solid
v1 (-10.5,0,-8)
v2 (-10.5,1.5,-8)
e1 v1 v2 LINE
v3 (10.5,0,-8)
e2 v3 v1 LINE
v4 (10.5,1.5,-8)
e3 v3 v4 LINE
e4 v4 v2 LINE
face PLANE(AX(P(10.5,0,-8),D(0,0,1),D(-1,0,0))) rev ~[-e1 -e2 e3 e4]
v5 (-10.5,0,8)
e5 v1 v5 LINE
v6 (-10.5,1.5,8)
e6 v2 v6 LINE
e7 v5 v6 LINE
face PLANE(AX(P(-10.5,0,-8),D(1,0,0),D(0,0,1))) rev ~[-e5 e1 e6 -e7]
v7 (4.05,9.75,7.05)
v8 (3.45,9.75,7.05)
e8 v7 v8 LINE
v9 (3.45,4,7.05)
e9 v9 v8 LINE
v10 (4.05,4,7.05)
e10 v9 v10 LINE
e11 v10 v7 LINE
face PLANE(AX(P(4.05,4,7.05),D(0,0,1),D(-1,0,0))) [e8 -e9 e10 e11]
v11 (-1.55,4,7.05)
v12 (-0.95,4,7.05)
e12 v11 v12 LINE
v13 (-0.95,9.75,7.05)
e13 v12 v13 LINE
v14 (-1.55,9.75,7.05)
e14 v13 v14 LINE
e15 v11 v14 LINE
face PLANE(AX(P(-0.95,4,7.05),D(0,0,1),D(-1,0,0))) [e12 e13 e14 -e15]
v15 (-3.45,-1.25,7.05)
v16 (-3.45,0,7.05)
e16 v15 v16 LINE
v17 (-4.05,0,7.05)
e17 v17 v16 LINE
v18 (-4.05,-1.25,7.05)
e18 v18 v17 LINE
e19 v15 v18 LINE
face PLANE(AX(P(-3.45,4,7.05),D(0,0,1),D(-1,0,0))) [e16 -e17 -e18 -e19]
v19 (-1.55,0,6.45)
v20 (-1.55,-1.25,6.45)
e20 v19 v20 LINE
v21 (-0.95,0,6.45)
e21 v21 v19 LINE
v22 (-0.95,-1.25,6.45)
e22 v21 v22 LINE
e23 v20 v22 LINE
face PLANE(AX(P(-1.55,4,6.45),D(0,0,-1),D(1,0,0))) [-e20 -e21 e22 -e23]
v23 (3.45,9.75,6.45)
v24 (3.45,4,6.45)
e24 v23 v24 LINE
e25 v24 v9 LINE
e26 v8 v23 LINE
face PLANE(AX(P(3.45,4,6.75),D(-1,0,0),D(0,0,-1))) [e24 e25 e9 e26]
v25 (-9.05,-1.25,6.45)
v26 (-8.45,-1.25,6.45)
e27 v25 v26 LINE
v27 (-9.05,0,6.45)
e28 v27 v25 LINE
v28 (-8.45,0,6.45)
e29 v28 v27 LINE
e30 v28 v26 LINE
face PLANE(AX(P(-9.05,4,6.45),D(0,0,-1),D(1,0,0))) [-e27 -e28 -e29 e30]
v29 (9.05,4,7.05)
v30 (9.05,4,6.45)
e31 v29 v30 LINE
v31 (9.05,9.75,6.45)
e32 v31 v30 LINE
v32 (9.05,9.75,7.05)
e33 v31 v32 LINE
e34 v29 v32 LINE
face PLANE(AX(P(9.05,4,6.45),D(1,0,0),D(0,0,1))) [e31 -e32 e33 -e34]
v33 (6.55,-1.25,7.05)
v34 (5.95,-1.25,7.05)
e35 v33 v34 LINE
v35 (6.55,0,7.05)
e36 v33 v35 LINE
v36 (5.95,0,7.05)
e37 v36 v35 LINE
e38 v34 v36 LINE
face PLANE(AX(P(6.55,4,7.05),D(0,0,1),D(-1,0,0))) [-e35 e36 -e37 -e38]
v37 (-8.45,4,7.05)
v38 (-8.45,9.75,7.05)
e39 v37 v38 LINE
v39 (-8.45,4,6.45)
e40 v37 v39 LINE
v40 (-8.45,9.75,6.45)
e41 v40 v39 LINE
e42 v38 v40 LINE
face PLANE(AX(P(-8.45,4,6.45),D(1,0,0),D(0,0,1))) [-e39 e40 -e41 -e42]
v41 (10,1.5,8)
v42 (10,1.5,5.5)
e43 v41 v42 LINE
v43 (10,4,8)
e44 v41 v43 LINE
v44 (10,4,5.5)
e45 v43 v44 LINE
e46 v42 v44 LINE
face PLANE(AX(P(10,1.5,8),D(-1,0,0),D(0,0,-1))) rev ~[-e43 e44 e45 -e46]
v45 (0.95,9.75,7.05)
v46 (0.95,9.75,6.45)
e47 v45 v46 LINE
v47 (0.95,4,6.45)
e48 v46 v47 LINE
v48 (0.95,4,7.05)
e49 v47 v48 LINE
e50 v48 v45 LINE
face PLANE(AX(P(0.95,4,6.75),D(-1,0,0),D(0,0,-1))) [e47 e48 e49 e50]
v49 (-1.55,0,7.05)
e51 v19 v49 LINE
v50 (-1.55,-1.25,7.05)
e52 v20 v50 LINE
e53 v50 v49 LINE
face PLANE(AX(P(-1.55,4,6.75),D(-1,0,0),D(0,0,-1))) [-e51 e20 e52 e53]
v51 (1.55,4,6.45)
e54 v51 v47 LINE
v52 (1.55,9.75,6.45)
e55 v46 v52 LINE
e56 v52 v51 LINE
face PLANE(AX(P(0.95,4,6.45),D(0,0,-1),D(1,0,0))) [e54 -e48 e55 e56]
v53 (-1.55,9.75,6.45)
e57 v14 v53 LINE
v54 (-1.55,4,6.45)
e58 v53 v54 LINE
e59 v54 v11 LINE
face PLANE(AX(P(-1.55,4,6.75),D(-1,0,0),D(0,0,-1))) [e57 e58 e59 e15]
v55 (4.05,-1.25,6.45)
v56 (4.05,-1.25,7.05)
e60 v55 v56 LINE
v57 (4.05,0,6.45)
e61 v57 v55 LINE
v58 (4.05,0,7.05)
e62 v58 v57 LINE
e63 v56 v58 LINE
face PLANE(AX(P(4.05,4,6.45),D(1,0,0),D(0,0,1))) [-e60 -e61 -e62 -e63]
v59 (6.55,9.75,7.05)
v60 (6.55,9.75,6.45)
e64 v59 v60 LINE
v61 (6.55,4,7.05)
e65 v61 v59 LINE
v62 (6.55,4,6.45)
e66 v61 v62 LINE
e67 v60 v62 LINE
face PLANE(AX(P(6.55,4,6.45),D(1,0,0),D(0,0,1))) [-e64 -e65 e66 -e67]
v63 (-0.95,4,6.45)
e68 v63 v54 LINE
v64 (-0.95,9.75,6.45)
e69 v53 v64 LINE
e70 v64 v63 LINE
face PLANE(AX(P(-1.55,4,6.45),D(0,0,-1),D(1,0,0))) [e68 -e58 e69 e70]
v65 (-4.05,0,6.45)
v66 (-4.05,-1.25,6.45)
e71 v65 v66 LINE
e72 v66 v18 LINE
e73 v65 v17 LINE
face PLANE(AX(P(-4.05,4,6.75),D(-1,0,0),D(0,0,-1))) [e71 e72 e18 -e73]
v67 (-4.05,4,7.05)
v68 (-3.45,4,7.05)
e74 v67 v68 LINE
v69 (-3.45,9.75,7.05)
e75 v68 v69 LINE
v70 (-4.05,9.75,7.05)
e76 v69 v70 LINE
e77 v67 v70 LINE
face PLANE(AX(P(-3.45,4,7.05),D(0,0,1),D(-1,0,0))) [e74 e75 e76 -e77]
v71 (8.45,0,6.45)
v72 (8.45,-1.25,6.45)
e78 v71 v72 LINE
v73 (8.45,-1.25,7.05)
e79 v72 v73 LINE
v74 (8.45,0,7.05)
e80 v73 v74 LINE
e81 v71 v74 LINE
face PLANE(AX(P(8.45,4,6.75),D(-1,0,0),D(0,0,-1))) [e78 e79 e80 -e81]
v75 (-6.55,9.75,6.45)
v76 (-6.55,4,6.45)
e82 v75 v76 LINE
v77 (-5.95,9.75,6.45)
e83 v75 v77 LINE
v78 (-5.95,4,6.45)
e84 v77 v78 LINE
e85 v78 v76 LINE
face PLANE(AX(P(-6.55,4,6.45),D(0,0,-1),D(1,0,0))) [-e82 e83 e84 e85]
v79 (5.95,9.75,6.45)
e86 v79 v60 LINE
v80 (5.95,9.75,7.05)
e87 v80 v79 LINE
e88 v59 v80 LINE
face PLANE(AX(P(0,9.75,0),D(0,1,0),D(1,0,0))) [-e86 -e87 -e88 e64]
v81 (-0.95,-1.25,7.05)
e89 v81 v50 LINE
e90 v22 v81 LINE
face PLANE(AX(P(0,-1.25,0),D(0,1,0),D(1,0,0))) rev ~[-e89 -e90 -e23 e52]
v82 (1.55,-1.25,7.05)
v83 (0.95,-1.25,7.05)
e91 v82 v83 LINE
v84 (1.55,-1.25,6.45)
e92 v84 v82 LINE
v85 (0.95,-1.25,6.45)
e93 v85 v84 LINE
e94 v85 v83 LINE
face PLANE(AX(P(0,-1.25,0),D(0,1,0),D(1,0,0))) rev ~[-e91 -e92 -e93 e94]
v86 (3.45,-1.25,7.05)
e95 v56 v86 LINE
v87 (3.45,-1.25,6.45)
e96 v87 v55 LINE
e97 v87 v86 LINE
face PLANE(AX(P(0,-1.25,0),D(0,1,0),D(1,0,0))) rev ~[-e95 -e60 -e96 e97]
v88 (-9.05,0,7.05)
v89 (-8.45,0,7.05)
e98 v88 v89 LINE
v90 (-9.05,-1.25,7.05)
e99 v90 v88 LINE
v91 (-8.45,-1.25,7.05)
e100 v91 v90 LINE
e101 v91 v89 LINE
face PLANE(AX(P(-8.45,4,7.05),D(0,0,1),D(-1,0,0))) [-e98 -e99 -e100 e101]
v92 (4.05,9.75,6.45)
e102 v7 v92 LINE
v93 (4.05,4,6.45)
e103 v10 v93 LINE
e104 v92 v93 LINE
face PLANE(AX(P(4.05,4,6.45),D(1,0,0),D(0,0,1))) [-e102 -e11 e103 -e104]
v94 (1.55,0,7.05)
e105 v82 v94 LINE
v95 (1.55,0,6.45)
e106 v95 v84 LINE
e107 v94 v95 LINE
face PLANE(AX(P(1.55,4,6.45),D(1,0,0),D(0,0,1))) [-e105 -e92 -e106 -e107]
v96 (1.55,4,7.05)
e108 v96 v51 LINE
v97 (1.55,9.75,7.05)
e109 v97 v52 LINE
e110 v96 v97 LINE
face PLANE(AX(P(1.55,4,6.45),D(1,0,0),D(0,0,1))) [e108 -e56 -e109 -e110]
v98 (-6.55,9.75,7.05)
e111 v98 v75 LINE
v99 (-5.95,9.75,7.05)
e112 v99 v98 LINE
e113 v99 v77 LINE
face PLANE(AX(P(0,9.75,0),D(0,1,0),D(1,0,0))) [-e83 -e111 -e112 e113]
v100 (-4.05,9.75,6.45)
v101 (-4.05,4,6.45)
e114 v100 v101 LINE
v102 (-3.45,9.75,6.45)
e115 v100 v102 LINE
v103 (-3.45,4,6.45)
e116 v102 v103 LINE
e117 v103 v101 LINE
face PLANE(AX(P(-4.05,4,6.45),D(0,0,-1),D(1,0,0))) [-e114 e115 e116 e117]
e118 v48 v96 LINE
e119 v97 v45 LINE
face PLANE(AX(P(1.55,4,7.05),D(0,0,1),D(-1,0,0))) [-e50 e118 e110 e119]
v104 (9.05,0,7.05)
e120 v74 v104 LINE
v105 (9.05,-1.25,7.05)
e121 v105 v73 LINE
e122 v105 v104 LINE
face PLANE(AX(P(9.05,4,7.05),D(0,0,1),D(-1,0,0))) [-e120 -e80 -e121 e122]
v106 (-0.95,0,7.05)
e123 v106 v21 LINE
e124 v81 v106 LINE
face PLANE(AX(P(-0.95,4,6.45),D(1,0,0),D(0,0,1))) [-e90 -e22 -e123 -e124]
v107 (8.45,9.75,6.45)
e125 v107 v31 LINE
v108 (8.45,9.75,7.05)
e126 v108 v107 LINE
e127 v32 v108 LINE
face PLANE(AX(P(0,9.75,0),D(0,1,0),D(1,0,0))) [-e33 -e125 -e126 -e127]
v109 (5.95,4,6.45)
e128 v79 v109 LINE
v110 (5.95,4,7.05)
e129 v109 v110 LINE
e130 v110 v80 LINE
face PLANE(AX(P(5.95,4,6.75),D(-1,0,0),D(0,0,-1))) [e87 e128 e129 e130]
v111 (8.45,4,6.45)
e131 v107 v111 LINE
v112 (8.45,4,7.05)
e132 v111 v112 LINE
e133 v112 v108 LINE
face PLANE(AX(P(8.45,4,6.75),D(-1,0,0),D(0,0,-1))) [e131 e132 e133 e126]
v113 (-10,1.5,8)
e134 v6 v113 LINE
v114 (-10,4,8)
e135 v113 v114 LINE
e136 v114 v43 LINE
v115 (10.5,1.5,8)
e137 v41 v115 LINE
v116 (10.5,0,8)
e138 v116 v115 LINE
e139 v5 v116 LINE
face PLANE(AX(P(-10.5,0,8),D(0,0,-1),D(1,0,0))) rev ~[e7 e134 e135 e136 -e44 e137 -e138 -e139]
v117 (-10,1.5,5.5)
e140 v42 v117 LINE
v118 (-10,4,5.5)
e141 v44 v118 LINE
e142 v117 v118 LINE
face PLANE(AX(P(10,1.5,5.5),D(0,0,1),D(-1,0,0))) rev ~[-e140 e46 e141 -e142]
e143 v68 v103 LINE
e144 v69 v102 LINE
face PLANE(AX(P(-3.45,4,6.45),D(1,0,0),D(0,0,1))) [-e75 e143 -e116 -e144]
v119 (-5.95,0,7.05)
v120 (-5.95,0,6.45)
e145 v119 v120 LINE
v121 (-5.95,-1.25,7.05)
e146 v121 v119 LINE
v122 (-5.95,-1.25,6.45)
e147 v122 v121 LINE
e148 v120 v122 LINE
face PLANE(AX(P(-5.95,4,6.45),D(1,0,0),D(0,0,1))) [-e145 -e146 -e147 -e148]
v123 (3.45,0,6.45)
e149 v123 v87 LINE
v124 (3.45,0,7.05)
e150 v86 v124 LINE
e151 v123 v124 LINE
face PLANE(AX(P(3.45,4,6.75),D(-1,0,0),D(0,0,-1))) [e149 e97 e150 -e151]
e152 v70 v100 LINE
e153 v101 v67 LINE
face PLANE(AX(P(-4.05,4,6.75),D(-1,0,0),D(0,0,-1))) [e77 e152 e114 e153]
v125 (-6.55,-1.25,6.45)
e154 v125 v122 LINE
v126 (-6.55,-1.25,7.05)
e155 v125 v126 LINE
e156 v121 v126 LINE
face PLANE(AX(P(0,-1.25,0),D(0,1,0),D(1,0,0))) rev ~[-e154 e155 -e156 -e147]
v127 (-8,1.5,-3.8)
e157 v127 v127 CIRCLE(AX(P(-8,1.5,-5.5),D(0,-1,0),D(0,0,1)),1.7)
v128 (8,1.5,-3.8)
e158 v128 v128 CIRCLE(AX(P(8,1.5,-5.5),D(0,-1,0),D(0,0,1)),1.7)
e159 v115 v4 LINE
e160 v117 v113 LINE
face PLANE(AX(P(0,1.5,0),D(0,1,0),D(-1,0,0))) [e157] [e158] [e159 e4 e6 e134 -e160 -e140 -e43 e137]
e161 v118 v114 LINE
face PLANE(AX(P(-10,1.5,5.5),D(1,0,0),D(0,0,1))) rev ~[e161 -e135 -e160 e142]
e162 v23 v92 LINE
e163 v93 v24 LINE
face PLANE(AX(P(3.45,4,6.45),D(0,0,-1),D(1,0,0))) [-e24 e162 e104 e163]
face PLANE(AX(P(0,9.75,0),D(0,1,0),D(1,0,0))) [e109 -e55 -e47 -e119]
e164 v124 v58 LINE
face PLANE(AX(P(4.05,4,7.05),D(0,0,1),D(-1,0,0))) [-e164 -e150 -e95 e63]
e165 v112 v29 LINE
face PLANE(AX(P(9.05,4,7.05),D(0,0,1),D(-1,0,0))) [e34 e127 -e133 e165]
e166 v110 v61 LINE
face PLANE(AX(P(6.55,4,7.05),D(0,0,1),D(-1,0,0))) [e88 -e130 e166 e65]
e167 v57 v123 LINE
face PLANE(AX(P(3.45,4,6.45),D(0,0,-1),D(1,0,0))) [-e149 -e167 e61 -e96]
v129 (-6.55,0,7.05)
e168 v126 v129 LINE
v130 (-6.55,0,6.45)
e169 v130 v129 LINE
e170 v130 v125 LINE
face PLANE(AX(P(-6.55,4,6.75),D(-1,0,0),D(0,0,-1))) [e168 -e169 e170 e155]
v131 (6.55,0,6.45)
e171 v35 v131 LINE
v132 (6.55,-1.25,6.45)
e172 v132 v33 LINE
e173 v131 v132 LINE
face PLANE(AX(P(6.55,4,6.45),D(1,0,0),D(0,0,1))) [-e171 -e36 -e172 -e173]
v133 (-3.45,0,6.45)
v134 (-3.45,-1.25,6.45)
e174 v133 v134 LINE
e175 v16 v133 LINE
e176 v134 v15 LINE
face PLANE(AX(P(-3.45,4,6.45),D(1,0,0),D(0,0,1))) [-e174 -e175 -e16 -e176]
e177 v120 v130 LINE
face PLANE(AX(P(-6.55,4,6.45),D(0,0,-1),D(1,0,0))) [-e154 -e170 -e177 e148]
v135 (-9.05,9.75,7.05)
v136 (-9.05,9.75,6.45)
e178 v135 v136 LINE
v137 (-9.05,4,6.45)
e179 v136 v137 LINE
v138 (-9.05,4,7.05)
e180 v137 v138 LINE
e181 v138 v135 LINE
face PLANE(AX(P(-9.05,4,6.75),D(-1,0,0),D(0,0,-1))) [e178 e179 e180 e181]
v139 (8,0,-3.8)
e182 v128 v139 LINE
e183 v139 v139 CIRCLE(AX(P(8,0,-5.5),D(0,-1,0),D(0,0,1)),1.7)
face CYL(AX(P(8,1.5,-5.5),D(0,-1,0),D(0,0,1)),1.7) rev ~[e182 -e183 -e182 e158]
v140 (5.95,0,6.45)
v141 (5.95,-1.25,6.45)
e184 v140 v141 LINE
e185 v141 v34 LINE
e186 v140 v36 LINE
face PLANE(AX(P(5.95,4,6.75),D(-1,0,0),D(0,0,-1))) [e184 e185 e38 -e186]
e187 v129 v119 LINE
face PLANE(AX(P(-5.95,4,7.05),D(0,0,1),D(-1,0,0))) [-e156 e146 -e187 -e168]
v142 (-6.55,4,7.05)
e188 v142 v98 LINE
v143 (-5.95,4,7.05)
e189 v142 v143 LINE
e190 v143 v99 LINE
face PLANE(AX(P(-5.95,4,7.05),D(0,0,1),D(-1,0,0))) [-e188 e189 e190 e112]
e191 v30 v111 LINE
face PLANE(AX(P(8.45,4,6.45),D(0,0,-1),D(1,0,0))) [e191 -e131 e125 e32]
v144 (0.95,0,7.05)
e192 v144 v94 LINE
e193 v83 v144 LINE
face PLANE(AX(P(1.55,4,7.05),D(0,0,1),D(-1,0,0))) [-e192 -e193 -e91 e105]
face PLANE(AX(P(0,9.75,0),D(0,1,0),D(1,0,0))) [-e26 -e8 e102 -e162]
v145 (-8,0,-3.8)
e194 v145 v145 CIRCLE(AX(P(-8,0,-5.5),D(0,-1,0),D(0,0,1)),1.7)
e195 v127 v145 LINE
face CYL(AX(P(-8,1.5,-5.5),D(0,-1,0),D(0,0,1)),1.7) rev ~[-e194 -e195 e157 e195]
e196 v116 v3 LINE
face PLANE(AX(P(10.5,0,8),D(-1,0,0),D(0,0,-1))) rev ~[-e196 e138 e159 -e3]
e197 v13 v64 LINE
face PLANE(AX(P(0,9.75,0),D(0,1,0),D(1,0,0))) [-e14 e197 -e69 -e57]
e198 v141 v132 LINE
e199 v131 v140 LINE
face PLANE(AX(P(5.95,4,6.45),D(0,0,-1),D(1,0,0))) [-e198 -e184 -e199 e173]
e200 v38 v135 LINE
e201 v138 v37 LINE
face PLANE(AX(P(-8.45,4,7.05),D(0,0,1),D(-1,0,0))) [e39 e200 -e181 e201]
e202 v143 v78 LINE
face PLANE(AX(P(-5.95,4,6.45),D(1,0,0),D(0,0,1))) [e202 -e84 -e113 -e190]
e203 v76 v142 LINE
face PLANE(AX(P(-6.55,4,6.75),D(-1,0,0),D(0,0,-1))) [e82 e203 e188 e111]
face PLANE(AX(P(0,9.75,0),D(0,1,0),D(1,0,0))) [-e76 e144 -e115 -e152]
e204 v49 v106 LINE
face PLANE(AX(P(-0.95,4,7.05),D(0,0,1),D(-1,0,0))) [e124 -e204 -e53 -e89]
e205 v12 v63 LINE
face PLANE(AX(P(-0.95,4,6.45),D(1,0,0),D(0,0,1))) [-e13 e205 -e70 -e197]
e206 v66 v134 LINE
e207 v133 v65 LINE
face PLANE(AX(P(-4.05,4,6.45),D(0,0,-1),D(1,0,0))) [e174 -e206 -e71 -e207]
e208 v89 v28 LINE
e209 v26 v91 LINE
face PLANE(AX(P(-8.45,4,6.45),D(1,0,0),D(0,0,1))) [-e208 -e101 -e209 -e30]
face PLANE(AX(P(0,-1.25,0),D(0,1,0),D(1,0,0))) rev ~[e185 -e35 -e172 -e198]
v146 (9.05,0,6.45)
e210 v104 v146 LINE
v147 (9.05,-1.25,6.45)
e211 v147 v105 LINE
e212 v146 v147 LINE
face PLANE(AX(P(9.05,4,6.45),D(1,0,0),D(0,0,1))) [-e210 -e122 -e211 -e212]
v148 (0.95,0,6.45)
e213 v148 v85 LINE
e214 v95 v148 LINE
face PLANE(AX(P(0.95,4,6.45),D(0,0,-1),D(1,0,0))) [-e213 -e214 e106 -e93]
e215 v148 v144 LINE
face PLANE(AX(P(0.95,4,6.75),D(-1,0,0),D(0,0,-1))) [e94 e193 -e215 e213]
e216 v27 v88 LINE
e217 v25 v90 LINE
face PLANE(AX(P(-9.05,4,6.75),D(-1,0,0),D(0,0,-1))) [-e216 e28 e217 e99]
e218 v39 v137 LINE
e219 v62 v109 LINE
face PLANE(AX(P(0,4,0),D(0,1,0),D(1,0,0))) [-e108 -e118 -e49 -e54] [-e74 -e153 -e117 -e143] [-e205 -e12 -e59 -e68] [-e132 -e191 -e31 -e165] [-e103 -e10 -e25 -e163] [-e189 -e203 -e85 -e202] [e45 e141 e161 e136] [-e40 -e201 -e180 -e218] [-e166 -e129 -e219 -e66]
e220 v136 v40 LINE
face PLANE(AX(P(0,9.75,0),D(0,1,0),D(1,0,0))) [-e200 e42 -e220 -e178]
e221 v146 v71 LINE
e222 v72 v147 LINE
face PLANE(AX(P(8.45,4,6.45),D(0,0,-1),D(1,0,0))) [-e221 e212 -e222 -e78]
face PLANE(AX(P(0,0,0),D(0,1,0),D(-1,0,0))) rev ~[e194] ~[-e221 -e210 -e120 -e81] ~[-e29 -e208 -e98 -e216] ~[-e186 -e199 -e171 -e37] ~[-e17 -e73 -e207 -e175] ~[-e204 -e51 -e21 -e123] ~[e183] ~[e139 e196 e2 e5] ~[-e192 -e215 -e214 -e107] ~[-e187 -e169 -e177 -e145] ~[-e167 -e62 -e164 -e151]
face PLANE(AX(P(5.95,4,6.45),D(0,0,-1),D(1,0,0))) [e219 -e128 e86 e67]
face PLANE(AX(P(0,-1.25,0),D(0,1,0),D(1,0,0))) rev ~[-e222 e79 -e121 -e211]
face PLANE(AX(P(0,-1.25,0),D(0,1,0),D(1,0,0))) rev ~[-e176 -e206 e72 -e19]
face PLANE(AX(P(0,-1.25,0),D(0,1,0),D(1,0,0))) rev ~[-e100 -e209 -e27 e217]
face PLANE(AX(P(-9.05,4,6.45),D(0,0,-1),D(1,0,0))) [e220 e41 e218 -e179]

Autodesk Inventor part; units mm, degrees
ref_plane "YZ Plane" through (0, 0, 0) normal (1, 0, 0) x (0, 1, 0)
ref_plane "XZ Plane" through (0, 0, 0) normal (0, 1, 0) x (-1, 0, 0)
ref_plane "XY Plane" through (0, 0, 0) normal (0, 0, 1) x (1, 0, 0)
sketch "Schizzo1" plane through (0, 0, 0) normal (0, 1, 0) x (-1, 0, 0)
  line L0 (10.5, 8) -> (-10.5, 8)
  line L1 (-10.5, 8) -> (-10.5, -8)
  line L2 (-10.5, -8) -> (10.5, -8)
  line L3 (10.5, -8) -> (10.5, 8)
  line L4 (10.5, 8) -> (-10.5, -8) construction
  line L5 (-10.5, 8) -> (10.5, -8) construction
  point P0 (0, 0)
  point P1 (0, 0)
  point P2 (0, 0)
  dimension "d0" = 16
  dimension "d1" = 21
extrude "Estrusione1" add sketch "Schizzo1" along normal blind 1.5
sketch "Schizzo2" plane through (0, 1.5, 0) normal (0, 1, 0) x (1, 0, 0)
  line L0 (10.5, 8) -> (-10.5, 8) projected
  line L1 (-10.5, 8) -> (-8, 8)
  line L2 (-8, 8) -> (-8, 5.5)
  line L3 (10.5, 8) -> (8, 8)
  line L4 (8, 8) -> (8, 5.5)
  point P0 (0, 0)
  dimension "d16" = 2.5
  dimension "d17" = 2.5
  dimension "d18" = 2.5
  dimension "d19" = 2.5
hole "Foro1" at (-8, 1.5, -5.5) at (8, 1.5, -5.5) direction (0, -1, 0) diameter 3.4 depth 1.5 tip angle 118 clearance for "Vite a testa esagonale" size "M3" standard "ANSI - Profilo M Metrico"
sketch "Schizzo4" plane through (0, 1.5, 0) normal (0, 1, 0) x (1, 0, 0)
  line L0 (10, -5.5) -> (-10, -5.5)
  line L1 (-10, -5.5) -> (-10, -8)
  line L2 (-10, -8) -> (10, -8)
  line L3 (10, -8) -> (10, -5.5)
  line L4 (10, -5.5) -> (-10, -8) construction
  line L5 (-10, -5.5) -> (10, -8) construction
  line L6 (-10.5, -8) -> (10.5, -8) projected
  point P0 (0, 0)
  point P1 (0, -6.75)
  point P2 (0, -8)
  dimension "d45" = 20
  dimension "d46" = 2.5
extrude "Estrusione2" add sketch "Schizzo4" along normal blind 2.5
sketch "Schizzo6" plane through (0, 4, 0) normal (0, 1, 0) x (1, 0, 0)
  line L0 (-8.75, -6.75) -> (-6.25, -6.75)
  line L1 (-9.05, -7.05) -> (-9.05, -6.45)
  line L2 (-9.05, -6.45) -> (-8.45, -6.45)
  line L3 (-8.45, -6.45) -> (-8.45, -7.05)
  line L4 (-8.45, -7.05) -> (-9.05, -7.05)
  line L5 (-6.25, -6.75) -> (-3.75, -6.75)
  line L6 (-6.55, -7.05) -> (-6.55, -6.45)
  line L7 (-6.55, -6.45) -> (-5.95, -6.45)
  line L8 (-5.95, -6.45) -> (-5.95, -7.05)
  line L9 (-5.95, -7.05) -> (-6.55, -7.05)
  line L10 (-3.75, -6.75) -> (-1.25, -6.75)
  line L11 (-4.05, -7.05) -> (-4.05, -6.45)
  line L12 (-4.05, -6.45) -> (-3.45, -6.45)
  line L13 (-3.45, -6.45) -> (-3.45, -7.05)
  line L14 (-3.45, -7.05) -> (-4.05, -7.05)
  line L15 (-1.25, -6.75) -> (1.25, -6.75)
  line L16 (-1.55, -7.05) -> (-1.55, -6.45)
  line L17 (-1.55, -6.45) -> (-0.95, -6.45)
  line L18 (-0.95, -6.45) -> (-0.95, -7.05)
  line L19 (-0.95, -7.05) -> (-1.55, -7.05)
  line L20 (1.25, -6.75) -> (3.75, -6.75)
  line L21 (0.95, -7.05) -> (0.95, -6.45)
  line L22 (0.95, -6.45) -> (1.55, -6.45)
  line L23 (1.55, -6.45) -> (1.55, -7.05)
  line L24 (1.55, -7.05) -> (0.95, -7.05)
  line L25 (3.75, -6.75) -> (6.25, -6.75)
  line L26 (3.45, -7.05) -> (3.45, -6.45)
  line L27 (3.45, -6.45) -> (4.05, -6.45)
  line L28 (4.05, -6.45) -> (4.05, -7.05)
  line L29 (4.05, -7.05) -> (3.45, -7.05)
  line L30 (6.25, -6.75) -> (8.75, -6.75)
  line L31 (5.95, -7.05) -> (5.95, -6.45)
  line L32 (5.95, -6.45) -> (6.55, -6.45)
  line L33 (6.55, -6.45) -> (6.55, -7.05)
  line L34 (6.55, -7.05) -> (5.95, -7.05)
  line L35 (8.45, -7.05) -> (8.45, -6.45)
  line L36 (8.45, -6.45) -> (9.05, -6.45)
  line L37 (9.05, -6.45) -> (9.05, -7.05)
  line L38 (9.05, -7.05) -> (8.45, -7.05)
  line L39 (-8.75, -6.75) -> (-10, -6.75)
  line L40 (-10, -8) -> (10, -8) projected
  line L41 (-10, -8) -> (-10, -6.75)
  line L42 (-10, -8) -> (-8.75, -8) construction
  point P0 (0, 0)
  dimension "d47" = 2.5
  dimension "d48" = 0.6
  dimension "d49" = 2.5
  dimension "d50" = 0.6
  dimension "d51" = 2.5
  dimension "d52" = 0.6
  dimension "d53" = 2.5
  dimension "d54" = 0.6
  dimension "d55" = 2.5
  dimension "d56" = 0.6
  dimension "d57" = 2.5
  dimension "d58" = 0.6
  dimension "d59" = 2.5
  dimension "d60" = 0.6
  dimension "d62" = 0.6
  dimension "d63" = 1.25
  dimension "d64" = 1.25
  dimension "d65" = 90
extrude "Estrusione3" add sketch "Schizzo6" along normal blind 5.75 and the other way blind 5.25
properties part number "10_MPU_6050"
